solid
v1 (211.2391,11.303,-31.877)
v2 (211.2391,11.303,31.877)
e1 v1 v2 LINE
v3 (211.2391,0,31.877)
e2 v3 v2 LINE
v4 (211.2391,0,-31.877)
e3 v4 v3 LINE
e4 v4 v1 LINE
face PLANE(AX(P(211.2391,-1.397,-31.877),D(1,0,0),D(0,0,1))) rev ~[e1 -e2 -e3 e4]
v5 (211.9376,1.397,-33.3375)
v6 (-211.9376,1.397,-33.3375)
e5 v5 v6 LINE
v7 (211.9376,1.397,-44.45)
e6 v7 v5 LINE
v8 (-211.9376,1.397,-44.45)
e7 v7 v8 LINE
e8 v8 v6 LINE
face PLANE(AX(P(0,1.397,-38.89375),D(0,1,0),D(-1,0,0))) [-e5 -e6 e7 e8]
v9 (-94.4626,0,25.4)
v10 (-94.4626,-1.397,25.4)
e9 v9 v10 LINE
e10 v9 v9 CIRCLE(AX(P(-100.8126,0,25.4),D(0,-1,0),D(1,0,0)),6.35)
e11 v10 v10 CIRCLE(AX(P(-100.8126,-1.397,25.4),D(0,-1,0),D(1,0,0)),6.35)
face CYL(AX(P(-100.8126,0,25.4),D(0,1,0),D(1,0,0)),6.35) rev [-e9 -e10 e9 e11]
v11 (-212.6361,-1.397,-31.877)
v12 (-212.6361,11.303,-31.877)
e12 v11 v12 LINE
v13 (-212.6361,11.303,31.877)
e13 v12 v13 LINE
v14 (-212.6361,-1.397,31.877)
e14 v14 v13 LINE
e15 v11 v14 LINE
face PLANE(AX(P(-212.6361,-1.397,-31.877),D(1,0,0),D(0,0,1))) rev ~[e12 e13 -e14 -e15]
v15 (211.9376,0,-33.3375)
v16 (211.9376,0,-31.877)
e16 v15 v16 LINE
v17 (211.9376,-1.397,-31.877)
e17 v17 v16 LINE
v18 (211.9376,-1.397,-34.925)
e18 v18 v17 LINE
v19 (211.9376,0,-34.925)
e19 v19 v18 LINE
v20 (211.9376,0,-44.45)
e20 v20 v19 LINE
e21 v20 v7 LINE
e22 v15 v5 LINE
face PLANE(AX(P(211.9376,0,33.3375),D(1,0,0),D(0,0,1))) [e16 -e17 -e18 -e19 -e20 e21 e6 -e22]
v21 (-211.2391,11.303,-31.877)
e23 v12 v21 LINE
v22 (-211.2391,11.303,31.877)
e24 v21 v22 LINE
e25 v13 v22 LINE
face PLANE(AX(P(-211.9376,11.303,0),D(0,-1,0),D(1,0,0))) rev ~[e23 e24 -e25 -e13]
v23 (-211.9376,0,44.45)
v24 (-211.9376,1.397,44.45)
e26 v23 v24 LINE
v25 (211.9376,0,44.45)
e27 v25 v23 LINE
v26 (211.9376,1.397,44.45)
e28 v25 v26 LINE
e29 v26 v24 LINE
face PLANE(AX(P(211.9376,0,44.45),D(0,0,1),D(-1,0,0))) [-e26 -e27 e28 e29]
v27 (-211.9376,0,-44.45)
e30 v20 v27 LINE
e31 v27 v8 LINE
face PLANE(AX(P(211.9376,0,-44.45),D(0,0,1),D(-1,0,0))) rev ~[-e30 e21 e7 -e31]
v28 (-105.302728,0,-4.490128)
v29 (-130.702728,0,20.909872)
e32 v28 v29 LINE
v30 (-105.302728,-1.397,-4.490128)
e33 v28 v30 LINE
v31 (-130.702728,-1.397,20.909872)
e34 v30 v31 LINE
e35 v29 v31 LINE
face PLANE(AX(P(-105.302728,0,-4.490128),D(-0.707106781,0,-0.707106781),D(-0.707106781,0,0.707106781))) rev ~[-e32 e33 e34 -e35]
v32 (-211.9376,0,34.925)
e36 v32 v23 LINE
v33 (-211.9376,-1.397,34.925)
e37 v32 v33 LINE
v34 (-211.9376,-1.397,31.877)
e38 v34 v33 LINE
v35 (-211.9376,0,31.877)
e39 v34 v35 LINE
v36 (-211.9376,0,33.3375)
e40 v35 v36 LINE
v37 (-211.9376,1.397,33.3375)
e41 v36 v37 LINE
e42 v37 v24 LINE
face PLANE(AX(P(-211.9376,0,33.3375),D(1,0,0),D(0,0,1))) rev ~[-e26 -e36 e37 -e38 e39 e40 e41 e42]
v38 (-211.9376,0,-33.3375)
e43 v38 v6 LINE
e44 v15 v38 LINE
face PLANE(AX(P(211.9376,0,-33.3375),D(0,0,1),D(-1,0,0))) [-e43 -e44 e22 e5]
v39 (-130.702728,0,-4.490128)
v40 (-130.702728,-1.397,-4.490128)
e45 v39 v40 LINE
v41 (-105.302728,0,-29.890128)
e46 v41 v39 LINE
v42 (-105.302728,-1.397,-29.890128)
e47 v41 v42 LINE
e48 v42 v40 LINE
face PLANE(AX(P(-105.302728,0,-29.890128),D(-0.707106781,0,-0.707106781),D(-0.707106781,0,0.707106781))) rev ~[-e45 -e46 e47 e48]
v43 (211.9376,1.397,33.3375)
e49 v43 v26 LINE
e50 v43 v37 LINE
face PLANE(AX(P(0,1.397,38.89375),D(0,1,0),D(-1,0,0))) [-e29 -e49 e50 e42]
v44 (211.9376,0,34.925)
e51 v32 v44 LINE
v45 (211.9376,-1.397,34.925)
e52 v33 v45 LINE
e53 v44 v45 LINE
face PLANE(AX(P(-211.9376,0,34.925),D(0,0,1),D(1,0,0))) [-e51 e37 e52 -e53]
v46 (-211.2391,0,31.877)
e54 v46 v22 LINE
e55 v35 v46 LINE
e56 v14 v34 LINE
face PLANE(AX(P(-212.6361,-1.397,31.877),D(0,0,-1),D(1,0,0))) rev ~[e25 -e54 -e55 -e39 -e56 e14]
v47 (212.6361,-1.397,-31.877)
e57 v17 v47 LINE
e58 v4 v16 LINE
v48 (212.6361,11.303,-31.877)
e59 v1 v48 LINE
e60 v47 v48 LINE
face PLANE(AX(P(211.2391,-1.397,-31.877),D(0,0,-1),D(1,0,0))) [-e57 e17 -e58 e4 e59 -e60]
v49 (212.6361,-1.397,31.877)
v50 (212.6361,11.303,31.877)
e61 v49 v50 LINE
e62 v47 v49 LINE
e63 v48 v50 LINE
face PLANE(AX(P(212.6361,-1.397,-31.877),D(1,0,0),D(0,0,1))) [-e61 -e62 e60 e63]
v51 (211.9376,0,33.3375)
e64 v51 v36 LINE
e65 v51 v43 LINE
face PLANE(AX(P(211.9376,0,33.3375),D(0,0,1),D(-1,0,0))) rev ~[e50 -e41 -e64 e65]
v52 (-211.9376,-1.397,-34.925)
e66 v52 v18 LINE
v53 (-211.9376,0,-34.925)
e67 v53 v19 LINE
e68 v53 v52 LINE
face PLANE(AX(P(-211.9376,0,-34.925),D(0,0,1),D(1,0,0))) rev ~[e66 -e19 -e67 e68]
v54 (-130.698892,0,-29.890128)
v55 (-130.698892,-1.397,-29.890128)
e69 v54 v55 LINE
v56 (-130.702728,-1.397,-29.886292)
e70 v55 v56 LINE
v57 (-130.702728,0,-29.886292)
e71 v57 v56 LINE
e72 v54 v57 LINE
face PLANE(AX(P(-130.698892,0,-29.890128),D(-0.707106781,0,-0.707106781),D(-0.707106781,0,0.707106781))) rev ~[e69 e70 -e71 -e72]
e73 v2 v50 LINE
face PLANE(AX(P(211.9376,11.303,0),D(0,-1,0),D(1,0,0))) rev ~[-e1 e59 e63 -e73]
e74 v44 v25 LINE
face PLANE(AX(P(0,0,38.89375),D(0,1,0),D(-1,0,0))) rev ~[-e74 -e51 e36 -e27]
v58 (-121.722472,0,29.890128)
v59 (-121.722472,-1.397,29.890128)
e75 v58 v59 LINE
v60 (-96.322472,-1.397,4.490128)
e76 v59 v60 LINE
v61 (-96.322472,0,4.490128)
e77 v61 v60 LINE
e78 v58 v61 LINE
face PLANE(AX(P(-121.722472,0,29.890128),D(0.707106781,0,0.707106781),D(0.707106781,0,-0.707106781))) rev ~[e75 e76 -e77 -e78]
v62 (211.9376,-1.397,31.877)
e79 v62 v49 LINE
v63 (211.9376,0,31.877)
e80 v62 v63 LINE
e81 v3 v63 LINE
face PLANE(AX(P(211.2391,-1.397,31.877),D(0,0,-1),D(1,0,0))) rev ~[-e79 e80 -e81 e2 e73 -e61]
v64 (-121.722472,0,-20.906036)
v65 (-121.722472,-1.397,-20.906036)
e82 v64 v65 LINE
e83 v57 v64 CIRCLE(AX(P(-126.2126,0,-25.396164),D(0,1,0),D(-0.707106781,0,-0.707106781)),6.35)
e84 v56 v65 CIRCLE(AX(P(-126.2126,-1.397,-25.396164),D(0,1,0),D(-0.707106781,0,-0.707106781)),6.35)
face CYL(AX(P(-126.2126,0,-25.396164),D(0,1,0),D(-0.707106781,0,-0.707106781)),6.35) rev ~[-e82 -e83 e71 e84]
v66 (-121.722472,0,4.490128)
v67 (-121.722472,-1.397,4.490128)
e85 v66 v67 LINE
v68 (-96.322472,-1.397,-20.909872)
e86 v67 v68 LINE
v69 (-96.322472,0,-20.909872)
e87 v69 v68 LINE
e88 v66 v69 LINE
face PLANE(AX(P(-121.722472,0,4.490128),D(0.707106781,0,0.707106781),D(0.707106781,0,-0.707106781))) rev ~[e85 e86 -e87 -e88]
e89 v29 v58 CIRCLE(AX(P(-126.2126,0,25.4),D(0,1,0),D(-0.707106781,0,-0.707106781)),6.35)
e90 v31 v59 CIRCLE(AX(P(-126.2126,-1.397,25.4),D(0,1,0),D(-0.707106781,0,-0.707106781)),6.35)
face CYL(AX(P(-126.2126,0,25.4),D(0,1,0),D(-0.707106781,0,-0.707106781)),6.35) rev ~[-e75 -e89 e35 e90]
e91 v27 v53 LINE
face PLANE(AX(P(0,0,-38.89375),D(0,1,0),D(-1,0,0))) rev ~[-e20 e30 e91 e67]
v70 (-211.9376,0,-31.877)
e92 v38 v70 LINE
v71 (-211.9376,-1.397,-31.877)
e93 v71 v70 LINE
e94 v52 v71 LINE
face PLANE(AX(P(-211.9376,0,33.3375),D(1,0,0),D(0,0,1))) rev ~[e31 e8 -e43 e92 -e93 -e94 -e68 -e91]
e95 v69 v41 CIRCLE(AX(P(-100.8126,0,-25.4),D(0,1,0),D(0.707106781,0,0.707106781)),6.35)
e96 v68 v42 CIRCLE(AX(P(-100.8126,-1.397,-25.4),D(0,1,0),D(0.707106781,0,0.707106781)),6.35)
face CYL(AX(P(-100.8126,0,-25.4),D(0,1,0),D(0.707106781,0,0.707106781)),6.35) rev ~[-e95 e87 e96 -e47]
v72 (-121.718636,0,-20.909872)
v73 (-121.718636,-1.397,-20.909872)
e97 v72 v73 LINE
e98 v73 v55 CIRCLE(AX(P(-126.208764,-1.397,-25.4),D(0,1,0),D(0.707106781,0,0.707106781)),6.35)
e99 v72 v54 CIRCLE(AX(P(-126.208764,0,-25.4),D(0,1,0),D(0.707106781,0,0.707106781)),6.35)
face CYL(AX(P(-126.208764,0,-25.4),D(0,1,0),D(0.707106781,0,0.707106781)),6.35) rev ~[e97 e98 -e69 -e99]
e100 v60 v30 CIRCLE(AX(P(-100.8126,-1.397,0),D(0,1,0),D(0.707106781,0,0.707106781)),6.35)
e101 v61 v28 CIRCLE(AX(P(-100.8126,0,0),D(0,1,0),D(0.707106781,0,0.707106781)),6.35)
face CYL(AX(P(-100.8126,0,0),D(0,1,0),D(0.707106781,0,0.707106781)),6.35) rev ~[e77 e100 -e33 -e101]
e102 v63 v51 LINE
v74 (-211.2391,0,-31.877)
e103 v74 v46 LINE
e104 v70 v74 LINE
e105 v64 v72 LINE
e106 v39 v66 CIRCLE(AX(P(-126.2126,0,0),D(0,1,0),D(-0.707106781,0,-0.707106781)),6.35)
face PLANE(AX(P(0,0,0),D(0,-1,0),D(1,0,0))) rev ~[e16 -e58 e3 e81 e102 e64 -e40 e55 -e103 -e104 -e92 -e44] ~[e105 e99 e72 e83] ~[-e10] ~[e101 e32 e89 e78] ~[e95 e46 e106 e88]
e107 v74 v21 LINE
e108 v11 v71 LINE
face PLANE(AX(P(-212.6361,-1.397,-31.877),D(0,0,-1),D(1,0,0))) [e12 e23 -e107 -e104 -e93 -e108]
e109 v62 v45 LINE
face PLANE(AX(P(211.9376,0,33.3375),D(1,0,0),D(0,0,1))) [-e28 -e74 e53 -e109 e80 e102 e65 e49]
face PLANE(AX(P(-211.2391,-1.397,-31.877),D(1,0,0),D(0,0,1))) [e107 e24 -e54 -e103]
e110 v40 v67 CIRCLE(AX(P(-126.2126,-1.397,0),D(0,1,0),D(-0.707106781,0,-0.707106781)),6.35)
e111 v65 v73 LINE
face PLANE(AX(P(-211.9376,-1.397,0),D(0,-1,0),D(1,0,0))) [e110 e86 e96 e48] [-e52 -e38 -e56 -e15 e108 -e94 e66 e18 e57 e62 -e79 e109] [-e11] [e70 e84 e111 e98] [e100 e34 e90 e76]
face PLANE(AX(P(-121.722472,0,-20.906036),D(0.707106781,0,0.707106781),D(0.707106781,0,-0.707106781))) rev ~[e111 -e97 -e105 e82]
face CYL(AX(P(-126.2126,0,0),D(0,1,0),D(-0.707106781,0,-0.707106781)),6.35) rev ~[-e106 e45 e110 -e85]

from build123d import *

# Parameters (mm, degrees)
F0_W     = 423.8752
F0_H     = 69.85
F0_R     = 6.35
F1_DEPTH = 1.397
F2_W     = 423.8752
F2_H     = 11.1125
F3_DEPTH = 1.397
F4_W     = 1.397
F4_H     = 63.754
F5_DEPTH = 12.7


with BuildPart() as f1:
    # F0 (on Front) → F1 (new body)
    with BuildSketch(Plane.XZ):
        Rectangle(F0_W, F0_H)
        with BuildLine():
            ThreePointArc((-130.702728, -29.886292), (-130.702728, -20.906036), (-121.722472, -20.906036))
            Line((-121.722472, -20.906036), (-121.718636, -20.909872))
            ThreePointArc((-121.718636, -20.909872), (-121.718636, -29.890128), (-130.698892, -29.890128))
            Line((-130.698892, -29.890128), (-130.702728, -29.886292))
        make_face(mode=Mode.SUBTRACT)
        with BuildLine():
            ThreePointArc((-130.702728, -4.490128), (-130.702728, 4.490128), (-121.722472, 4.490128))
            Line((-121.722472, 4.490128), (-96.322472, -20.909872))
            ThreePointArc((-96.322472, -20.909872), (-96.322472, -29.890128), (-105.302728, -29.890128))
            Line((-105.302728, -29.890128), (-130.702728, -4.490128))
        make_face(mode=Mode.SUBTRACT)
        with BuildLine():
            ThreePointArc((-96.322472, 4.490128), (-96.322472, -4.490128), (-105.302728, -4.490128))
            Line((-105.302728, -4.490128), (-130.702728, 20.909872))
            ThreePointArc((-130.702728, 20.909872), (-130.702728, 29.890128), (-121.722472, 29.890128))
            Line((-121.722472, 29.890128), (-96.322472, 4.490128))
        make_face(mode=Mode.SUBTRACT)
        with Locations((-100.8126, 25.4)):
            Circle(F0_R, mode=Mode.SUBTRACT)
    extrude(amount=F1_DEPTH)

    # F2 (on face) → F3 (join)
    with BuildSketch(Plane(origin=(0, 0, 0), x_dir=(-1, 0, 0), z_dir=(0, 1, 0))):
        with Locations((0, 38.89375)):
            Rectangle(F2_W, F2_H)
        with Locations((0, -38.89375)):
            Rectangle(F2_W, F2_H)
    extrude(amount=F3_DEPTH)

    # F4 (on face) → F5 (join)
    with BuildSketch(Plane.XZ.offset(1.397)):
        with Locations((-211.9376, 0)):
            Rectangle(F4_W, F4_H)
        with Locations((211.9376, 0)):
            Rectangle(F4_W, F4_H)
    extrude(amount=-F5_DEPTH)


solid = f1.part
